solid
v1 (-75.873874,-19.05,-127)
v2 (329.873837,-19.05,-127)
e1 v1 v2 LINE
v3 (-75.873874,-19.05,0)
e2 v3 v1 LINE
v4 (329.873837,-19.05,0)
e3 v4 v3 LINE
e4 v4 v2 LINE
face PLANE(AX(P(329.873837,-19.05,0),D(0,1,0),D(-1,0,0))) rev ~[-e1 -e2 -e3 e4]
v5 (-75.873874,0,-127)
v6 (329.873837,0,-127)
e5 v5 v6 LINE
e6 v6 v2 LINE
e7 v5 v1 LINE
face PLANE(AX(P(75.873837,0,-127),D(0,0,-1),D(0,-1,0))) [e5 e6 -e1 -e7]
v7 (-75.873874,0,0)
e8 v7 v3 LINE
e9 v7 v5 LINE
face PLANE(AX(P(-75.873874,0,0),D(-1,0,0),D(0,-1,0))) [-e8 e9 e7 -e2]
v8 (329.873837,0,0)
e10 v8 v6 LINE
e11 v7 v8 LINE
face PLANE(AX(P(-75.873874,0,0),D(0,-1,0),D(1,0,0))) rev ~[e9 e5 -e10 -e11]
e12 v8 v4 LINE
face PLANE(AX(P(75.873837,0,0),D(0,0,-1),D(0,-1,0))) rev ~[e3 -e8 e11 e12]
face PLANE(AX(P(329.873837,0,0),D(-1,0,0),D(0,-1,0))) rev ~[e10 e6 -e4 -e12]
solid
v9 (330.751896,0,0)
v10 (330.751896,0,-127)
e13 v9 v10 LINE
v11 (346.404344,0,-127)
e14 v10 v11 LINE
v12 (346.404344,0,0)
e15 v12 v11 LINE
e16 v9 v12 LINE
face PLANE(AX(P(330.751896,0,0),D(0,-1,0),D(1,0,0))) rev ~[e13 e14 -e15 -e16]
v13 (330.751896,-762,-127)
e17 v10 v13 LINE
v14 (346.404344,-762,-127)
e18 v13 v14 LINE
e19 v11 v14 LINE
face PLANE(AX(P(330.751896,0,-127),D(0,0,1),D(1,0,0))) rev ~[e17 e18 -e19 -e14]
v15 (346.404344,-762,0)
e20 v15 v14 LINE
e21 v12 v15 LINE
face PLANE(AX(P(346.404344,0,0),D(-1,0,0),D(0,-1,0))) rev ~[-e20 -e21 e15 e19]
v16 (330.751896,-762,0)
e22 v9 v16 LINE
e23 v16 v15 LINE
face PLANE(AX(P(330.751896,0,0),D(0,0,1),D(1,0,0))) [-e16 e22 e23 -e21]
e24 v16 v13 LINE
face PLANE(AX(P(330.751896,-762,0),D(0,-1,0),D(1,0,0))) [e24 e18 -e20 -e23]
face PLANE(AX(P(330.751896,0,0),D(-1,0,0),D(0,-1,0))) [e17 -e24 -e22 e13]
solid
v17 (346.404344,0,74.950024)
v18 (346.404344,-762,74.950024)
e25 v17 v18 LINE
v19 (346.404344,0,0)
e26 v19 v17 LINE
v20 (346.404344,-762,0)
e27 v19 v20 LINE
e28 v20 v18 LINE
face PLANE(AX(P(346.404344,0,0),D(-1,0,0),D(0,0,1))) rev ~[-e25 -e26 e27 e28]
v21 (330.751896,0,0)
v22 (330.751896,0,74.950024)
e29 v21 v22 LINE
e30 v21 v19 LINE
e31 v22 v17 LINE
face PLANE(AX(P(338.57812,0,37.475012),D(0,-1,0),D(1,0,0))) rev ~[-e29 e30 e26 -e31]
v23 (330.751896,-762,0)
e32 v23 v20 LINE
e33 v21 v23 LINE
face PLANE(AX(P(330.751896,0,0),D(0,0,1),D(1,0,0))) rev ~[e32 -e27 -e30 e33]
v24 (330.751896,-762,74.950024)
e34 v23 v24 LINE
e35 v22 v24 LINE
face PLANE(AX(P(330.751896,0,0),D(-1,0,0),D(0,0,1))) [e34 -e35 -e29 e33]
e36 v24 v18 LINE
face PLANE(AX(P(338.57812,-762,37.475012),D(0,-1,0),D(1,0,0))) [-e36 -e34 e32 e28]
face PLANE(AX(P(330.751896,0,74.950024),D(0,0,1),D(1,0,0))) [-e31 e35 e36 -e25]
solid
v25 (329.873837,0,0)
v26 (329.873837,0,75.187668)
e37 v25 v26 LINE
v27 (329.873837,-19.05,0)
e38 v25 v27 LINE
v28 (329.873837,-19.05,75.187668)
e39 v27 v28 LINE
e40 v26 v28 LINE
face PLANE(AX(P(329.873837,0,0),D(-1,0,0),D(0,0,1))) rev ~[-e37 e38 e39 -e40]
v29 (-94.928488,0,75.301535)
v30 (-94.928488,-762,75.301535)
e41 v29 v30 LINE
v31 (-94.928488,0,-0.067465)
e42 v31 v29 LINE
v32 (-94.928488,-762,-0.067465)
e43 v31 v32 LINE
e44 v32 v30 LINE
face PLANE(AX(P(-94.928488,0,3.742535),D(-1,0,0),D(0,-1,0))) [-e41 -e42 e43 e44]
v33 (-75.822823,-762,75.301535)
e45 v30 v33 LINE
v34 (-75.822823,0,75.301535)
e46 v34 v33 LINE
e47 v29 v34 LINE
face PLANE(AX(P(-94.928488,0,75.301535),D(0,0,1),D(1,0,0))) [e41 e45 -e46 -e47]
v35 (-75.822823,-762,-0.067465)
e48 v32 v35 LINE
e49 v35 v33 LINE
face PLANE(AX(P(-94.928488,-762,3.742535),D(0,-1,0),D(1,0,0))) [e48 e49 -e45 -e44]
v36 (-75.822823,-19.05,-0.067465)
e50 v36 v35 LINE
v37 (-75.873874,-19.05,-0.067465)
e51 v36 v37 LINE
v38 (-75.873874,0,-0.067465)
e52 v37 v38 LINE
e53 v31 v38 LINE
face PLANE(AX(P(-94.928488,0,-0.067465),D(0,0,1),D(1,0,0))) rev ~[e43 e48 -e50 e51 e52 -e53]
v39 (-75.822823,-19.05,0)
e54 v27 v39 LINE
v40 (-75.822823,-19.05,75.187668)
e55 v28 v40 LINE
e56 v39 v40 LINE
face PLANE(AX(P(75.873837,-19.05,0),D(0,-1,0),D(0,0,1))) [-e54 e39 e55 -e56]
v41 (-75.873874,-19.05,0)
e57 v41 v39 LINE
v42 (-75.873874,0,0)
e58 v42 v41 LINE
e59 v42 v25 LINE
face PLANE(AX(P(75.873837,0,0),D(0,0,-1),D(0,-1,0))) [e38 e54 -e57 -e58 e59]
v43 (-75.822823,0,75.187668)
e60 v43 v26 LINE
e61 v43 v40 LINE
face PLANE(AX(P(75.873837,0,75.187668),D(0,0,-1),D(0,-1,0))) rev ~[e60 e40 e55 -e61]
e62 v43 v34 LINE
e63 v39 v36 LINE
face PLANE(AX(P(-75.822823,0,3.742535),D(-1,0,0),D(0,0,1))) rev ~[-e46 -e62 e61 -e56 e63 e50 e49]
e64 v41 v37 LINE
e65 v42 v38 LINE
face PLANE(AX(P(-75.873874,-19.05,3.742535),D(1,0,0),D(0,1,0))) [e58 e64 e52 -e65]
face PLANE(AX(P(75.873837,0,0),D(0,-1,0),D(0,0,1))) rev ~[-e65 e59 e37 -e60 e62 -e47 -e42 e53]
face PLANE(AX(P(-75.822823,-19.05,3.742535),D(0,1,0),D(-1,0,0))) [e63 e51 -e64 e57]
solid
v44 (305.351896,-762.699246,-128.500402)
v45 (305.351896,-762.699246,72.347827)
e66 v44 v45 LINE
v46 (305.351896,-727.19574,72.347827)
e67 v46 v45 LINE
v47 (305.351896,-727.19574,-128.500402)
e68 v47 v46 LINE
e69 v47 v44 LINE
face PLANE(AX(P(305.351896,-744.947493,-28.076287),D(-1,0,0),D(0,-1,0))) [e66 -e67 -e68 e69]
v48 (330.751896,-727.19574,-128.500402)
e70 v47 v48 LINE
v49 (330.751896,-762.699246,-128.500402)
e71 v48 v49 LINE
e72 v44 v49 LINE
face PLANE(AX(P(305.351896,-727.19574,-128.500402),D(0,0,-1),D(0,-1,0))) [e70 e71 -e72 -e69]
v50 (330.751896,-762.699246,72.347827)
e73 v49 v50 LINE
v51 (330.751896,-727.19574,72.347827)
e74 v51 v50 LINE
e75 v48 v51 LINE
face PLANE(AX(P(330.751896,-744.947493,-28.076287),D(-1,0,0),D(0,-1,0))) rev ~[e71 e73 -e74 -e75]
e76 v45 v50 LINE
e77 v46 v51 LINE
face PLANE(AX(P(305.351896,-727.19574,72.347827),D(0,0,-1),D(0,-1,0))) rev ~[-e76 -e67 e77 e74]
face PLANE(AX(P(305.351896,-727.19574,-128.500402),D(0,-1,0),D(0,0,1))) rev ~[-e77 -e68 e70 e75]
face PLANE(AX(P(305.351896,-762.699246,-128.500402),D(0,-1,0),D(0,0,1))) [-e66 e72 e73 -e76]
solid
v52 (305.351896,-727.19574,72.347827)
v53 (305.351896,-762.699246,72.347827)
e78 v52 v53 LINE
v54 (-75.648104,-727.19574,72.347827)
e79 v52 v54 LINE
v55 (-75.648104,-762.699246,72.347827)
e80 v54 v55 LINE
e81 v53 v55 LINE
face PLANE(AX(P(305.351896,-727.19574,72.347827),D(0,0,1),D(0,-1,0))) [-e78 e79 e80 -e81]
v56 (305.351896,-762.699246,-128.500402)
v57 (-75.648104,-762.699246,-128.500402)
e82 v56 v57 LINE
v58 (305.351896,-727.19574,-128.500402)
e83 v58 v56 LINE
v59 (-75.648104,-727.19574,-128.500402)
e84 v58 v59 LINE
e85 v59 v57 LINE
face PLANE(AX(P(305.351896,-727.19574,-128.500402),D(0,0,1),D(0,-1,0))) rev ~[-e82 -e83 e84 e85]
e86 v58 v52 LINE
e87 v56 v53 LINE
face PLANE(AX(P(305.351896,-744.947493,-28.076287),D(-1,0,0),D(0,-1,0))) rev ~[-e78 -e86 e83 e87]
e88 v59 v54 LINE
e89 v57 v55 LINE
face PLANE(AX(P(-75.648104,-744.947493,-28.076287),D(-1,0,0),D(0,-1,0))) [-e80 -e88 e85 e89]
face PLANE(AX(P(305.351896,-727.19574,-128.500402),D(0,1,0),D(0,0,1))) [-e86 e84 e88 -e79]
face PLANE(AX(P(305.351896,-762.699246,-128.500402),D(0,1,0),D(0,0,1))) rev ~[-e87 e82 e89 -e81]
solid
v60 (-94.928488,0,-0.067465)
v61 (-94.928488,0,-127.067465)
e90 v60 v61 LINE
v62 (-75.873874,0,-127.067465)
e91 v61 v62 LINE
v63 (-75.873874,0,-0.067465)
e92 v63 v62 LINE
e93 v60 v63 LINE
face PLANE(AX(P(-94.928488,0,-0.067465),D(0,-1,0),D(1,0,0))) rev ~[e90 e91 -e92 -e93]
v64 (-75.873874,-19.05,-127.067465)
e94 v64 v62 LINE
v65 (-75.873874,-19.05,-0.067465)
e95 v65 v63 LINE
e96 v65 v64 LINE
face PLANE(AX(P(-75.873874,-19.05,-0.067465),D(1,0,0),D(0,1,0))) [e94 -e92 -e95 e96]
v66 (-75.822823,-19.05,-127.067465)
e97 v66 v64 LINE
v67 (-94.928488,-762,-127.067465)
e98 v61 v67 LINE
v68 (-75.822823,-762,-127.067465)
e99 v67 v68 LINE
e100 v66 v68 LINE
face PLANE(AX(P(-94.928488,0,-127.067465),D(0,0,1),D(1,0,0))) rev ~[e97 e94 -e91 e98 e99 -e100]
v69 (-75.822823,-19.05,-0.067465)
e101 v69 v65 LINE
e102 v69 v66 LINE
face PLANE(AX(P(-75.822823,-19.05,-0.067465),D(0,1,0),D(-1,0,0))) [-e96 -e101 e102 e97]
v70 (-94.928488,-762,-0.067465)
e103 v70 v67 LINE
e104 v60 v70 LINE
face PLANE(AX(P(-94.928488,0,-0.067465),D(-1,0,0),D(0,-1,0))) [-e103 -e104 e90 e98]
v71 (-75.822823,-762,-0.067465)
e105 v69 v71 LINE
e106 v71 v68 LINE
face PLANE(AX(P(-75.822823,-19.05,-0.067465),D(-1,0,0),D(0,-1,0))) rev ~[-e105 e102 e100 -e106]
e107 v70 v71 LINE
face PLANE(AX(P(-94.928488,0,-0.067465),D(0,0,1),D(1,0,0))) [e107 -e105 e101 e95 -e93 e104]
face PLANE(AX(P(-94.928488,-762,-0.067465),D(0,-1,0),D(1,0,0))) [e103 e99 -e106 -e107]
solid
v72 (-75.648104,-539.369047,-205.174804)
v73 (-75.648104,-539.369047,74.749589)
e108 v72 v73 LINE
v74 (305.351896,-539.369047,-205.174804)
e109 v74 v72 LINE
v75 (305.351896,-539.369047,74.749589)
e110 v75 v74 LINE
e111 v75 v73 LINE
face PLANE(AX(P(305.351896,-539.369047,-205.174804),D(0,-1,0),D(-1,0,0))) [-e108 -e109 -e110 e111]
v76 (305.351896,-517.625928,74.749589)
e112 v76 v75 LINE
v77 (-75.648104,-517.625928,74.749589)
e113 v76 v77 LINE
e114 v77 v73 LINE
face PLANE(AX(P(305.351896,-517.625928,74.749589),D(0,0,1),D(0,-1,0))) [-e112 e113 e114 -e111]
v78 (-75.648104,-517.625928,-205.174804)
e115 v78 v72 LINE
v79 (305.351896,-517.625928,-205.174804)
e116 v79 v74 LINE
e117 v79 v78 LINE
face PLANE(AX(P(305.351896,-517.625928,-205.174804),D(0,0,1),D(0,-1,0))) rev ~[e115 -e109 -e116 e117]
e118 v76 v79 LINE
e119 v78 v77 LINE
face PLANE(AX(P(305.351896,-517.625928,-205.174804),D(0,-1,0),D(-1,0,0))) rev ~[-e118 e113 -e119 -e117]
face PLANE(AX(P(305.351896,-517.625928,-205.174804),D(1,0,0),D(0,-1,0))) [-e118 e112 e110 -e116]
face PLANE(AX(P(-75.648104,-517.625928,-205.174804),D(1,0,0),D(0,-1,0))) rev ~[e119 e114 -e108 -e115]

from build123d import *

# Parameters (mm, degrees)
F0_W      = 151.7477110028
F0_H      = 75.1876682043
F1_DEPTH  = 19.05
F2_W      = 19.1056653857
F2_H      = 71.5590007603
F3_DEPTH  = 762
F4_DEPTH  = 3.81
F5_DEPTH  = 254
F6_W      = 15.6524479389
F6_H      = 74.9500244856
F7_DEPTH  = 762
F8_DEPTH  = 127
F10_W     = 35.5035066605
F10_H     = 200.8482292295
F11_DEPTH = 381
F12_DEPTH = 25.4
F13_W     = 21.743118763
F13_H     = 279.9243927002
F14_DEPTH = 381
F15_DEPTH = 127


with BuildPart() as f1:
    # F0 (on Front) → F1 (new body)
    with BuildSketch(Plane.XZ):
        with Locations((-1.86265e-05, 37.5938341022)):
            Rectangle(F0_W, F0_H)
    extrude(amount=F1_DEPTH)

    # F2 (on Front) → F3 (join)
    with BuildSketch(Plane.XZ):
        with Locations((-85.3756554425, 39.5220350474)):
            Rectangle(F2_W, F2_H)
    extrude(amount=F3_DEPTH)

    # F4 (add): a face of the model
    f4_faces = [f1.faces().sort_by_distance(p)[0] for p in [
        (-85.3762919221, -381.0248166935, 3.7425346673),
    ]]
    extrude(f4_faces, amount=F4_DEPTH)

    # F5 (add): a face of the model
    f5_faces = [f1.faces().sort_by_distance(p)[0] for p in [
        (75.873836875, -9.525, 37.5938341022),
    ]]
    extrude(f5_faces, amount=F5_DEPTH)


with BuildPart() as f7:
    # F6 (on Front) → F7 (new body)
    with BuildSketch(Plane.XZ):
        with Locations((338.578119874, 37.4750122428)):
            Rectangle(F6_W, F6_H)
    extrude(amount=F7_DEPTH)


with BuildPart() as f8:
    # F8 (new): a face of the model
    f8_faces = [f1.part.faces().sort_by_distance(p)[0] for p in [
        (-85.3762919221, -381.0248166935, -0.0674653327),
    ]]
    extrude(f8_faces, amount=F8_DEPTH)


with BuildPart() as f8b:
    # F8#2 (new): a face of the model
    f8_2_faces = [f1.part.faces().sort_by_distance(p)[0] for p in [
        (126.9999813735, -9.525, 0),
    ]]
    extrude(f8_2_faces, amount=F8_DEPTH)


with BuildPart() as f8c:
    # F8#3 (new): a face of the model
    f8_3_faces = [f7.part.faces().sort_by_distance(p)[0] for p in [
        (338.578119874, -381, 0),
    ]]
    extrude(f8_3_faces, amount=F8_DEPTH)


with BuildPart() as f11:
    # F10 (on offset) → F11 (new body)
    with BuildSketch(Plane(origin=(305.3518959045, 0, 0), x_dir=(0, -1, 0), z_dir=(-1, 0, 0))):
        with Locations((744.9474930763, -28.076287359)):
            Rectangle(F10_W, F10_H)
    extrude(amount=F11_DEPTH)


with BuildPart() as f12:
    # F12 (new): a face of the model
    f12_faces = [f11.part.faces().sort_by_distance(p)[0] for p in [
        (305.3518959045, -744.9474930763, -28.076287359),
    ]]
    extrude(f12_faces, amount=F12_DEPTH)


with BuildPart() as f14:
    # F13 (on offset) → F14 (new body)
    with BuildSketch(Plane(origin=(305.3518959045, 0, 0), x_dir=(0, -1, 0), z_dir=(-1, 0, 0))):
        with Locations((528.4974873066, -65.2126073837)):
            Rectangle(F13_W, F13_H)
    extrude(amount=F14_DEPTH)

    # F15 (add): a face of the model
    f15_faces = [f14.faces().sort_by_distance(p)[0] for p in [
        (114.8518959045, -528.4974873066, -205.1748037338),
    ]]
    extrude(f15_faces, amount=-F15_DEPTH)


solid = Compound([f1.part, f7.part, f8.part, f8b.part, f8c.part, f11.part, f12.part, f14.part])
